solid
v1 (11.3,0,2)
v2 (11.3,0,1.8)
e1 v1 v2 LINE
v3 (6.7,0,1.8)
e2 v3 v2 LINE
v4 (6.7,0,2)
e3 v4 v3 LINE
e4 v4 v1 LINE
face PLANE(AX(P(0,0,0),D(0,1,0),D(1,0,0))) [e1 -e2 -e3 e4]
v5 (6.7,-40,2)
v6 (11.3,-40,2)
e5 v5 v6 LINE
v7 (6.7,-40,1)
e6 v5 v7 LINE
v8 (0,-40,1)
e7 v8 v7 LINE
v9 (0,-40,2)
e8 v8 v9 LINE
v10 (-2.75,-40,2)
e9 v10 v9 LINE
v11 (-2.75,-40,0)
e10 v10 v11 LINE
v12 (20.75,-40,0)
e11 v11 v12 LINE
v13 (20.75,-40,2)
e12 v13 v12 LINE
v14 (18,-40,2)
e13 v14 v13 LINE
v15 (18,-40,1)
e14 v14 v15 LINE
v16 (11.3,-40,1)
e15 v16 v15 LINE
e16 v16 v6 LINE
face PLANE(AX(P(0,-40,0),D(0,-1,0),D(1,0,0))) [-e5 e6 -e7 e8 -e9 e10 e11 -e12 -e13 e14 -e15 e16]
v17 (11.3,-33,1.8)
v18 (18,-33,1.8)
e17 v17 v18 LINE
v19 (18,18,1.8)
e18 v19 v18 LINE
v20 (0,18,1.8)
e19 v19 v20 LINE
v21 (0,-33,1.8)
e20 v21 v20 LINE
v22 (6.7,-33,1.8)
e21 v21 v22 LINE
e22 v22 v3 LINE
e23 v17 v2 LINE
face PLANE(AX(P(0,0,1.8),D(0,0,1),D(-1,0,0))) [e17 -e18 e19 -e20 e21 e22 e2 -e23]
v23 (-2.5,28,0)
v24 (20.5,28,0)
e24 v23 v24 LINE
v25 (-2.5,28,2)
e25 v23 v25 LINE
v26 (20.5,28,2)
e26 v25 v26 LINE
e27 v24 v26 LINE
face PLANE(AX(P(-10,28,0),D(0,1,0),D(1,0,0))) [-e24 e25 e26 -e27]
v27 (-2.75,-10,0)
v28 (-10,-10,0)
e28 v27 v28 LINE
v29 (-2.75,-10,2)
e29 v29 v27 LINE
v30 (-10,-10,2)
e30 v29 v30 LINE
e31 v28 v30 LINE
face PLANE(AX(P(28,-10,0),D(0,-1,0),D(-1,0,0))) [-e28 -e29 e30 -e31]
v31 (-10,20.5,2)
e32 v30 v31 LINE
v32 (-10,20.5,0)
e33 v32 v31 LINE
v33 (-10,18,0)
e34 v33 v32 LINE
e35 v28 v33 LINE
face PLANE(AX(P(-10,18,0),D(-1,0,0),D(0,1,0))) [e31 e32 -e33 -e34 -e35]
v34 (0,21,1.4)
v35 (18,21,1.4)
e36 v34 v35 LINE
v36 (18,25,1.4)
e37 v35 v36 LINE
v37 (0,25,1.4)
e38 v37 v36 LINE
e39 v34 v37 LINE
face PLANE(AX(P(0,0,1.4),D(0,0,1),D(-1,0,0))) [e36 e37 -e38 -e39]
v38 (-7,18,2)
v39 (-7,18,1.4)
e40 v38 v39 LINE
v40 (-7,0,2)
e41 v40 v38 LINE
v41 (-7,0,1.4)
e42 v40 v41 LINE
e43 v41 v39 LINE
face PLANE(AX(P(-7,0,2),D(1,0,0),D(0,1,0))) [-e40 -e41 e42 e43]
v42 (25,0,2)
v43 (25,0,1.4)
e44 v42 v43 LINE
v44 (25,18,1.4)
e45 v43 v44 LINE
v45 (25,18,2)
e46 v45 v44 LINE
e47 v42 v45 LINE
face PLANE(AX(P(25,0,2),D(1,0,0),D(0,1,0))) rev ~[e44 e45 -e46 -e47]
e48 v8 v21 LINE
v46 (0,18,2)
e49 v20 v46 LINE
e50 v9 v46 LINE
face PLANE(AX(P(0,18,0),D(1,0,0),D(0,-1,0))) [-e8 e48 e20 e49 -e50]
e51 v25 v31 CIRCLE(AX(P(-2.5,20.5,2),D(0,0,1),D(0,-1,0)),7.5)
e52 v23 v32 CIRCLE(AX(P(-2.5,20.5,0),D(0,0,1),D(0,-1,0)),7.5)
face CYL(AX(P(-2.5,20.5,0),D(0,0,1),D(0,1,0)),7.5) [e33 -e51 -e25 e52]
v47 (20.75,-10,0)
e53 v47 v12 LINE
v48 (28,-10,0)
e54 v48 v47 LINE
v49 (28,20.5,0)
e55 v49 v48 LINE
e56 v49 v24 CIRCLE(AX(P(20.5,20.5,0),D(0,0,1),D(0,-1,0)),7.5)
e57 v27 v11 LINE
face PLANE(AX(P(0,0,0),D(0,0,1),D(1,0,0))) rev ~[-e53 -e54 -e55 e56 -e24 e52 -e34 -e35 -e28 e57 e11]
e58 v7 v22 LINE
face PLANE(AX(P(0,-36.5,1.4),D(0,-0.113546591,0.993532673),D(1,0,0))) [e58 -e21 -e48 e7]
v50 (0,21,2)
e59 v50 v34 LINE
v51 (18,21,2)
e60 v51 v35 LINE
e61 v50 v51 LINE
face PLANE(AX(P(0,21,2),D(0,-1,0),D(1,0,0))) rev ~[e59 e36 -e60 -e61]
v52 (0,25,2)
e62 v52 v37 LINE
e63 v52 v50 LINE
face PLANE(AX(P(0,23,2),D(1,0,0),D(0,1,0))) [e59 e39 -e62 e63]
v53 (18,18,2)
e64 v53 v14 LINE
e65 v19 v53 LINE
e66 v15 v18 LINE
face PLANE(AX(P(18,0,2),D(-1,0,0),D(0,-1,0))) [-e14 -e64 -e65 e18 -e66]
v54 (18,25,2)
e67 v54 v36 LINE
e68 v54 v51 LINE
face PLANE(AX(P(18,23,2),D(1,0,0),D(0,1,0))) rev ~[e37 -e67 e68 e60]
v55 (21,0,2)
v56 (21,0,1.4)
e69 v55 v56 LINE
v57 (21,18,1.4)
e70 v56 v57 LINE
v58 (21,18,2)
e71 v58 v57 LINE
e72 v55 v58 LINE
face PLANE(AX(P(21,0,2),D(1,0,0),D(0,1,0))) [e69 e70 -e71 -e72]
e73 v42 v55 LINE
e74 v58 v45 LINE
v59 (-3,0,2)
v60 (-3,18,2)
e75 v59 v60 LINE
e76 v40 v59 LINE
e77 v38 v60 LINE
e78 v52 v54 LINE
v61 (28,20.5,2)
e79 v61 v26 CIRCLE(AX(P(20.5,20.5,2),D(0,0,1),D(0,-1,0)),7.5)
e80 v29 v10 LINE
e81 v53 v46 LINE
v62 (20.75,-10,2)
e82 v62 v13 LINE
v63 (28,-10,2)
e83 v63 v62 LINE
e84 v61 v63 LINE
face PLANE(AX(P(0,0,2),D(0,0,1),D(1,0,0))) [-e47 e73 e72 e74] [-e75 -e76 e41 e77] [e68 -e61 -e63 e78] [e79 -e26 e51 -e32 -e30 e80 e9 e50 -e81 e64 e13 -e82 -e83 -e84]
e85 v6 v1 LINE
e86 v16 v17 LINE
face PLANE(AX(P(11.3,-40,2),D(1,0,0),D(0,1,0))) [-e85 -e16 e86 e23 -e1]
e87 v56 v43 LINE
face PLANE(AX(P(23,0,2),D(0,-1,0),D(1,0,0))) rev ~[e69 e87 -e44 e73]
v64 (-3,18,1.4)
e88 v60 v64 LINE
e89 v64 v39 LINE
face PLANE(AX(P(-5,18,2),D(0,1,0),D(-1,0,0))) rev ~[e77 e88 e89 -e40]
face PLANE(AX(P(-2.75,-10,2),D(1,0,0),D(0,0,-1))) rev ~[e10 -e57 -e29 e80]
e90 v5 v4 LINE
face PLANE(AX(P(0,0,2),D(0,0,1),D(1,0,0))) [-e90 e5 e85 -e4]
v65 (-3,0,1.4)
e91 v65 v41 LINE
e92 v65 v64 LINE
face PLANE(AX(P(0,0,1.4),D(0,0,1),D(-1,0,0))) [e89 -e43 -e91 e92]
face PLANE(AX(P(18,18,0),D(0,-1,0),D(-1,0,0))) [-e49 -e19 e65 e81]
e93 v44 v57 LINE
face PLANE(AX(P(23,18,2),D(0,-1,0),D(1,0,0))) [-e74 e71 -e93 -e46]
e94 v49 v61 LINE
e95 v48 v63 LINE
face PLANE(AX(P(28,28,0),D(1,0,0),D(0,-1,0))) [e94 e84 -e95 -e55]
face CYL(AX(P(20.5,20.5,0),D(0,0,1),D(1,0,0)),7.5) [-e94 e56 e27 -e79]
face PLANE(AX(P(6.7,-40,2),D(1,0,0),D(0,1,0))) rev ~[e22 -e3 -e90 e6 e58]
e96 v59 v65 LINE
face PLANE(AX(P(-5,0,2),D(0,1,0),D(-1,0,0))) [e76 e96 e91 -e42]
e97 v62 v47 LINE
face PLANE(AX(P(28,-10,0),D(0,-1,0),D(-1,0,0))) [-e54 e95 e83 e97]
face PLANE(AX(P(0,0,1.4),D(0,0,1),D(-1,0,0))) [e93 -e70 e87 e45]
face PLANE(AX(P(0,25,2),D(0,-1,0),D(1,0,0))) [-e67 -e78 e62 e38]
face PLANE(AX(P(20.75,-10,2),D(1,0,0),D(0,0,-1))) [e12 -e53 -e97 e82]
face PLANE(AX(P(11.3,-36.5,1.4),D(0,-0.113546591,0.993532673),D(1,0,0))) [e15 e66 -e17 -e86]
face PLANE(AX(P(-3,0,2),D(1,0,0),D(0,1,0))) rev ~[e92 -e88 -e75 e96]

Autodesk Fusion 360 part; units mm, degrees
sketch "Sketch1" plane through (0, 0, 0) normal (0, 0, 1) x (1, 0, 0)
  line L0 (0, 0) -> (18, 0)
  line L1 (18, 0) -> (18, 18)
  line L2 (18, 18) -> (0, 18)
  line L3 (0, 18) -> (0, 0)
  line L4 (0, 18) -> (-10, 18)
  line L5 (-10, 18) -> (-10, 28)
  line L6 (-10, 28) -> (28, 28)
  line L7 (28, 28) -> (28, -10)
  line L8 (28, -10) -> (-10, -10)
  line L9 (-10, -10) -> (-10, 28)
  dimension "d1" = 18
  dimension "d2" = 18
  dimension "d3" = 10
  dimension "d4" = 10
  dimension "d5" = 10
  dimension "d6" = 10
extrude "Extrude1" add sketch "Sketch1" along normal blind 2
extrude "Extrude2" add sketch "Sketch1" along normal blind 1.8 contours L0 L1 L2 L3
sketch "Sketch2" plane through (0, -10, 0) normal (0, -1, 0) x (1, 0, 0)
  line L0 (-10, 0) -> (28, 0)
  line L1 (28, 0) -> (28, 2)
  line L2 (28, 2) -> (-10, 2)
  line L3 (-10, 2) -> (-10, 0)
  line L4 (9, 2) -> (-2.75, 2)
  line L5 (9, 2) -> (20.75, 2)
  line L6 (-2.75, 2) -> (-2.75, 0)
  line L7 (20.75, 2) -> (20.75, 0)
  dimension "d11" = 11.75
  dimension "d12" = 11.75
extrude "Extrude3" add sketch "Sketch2" along normal blind 30 contours L0 L2 L4 L5 L6 L7
sketch "Sketch3" plane through (0, 0, 2) normal (0, 0, 1) x (-1, 0, 0)
  line L0 (0, 0) -> (0, -18)
  line L1 (0, -18) -> (-18, -18)
  line L2 (-18, -18) -> (-18, 0)
  line L3 (-18, 0) -> (0, 0)
  line L4 (10, 10) -> (2.75, 10)
  line L5 (2.75, 10) -> (2.75, 40)
  line L6 (2.75, 40) -> (-20.75, 40)
  line L7 (-20.75, 40) -> (-20.75, 10)
  line L8 (-20.75, 10) -> (-28, 10)
  line L9 (-28, 10) -> (-28, -28)
  line L10 (-28, -28) -> (10, -28)
  line L11 (10, -28) -> (10, 10)
  line L12 (-9, 40) -> (-9, 0)
  line L13 (-31.221, 25) -> (-24.871, 25)
  line L14 (-9, 40) -> (-20.75, 40)
  line L15 (-9, 40) -> (2.75, 40)
  line L16 (0, 0) -> (0, 40)
  line L17 (0, 40) -> (-6.7, 40)
  line L18 (-6.7, 40) -> (-6.7, 0)
  line L19 (-18, 0) -> (-18, 40)
  line L20 (-11.3, 40) -> (-11.3, 0)
  line L21 (-18, 40) -> (-11.3, 40)
  dimension "d15" = 6.35
  dimension "d18" = 6.7
extrude "Extrude4" cut sketch "Sketch3" against normal blind 0.2 contours L3 L6 L15 L16 L17 L18 | L3 L6 L14 L19 L20 L21
chamfer "Chamfer1" distance 0.8 distance2 7 2 edges at (14.65, -40, 1.8) (3.35, -40, 1.8) measured on face at (8.2333, -40, 0.6) measured on face at (8.2333, -40, 0.6)
fillet "Fillet1" radius 7.5 2 edges at (-10, 28, 1) (28, 28, 1)
sketch "Sketch4" plane through (0, 0, 2) normal (0, 0, 1) x (-1, 0, 0)
  arc A0 (-28, -20.5) -> (-20.5, -28) centre (-20.5, -20.5) ccw
  line L0 (-20.5, -28) -> (2.5, -28)
  arc A1 (2.5, -28) -> (10, -20.5) centre (2.5, -20.5) ccw
  line L1 (10, -20.5) -> (10, 10)
  line L2 (10, 10) -> (2.75, 10)
  line L3 (2.75, 10) -> (2.75, 40)
  line L4 (2.75, 40) -> (0, 40)
  line L5 (0, 40) -> (0, -18)
  line L6 (0, -18) -> (-18, -18)
  line L7 (-18, -18) -> (-18, 40)
  line L8 (-18, 40) -> (-20.75, 40)
  line L9 (-20.75, 40) -> (-20.75, 10)
  line L10 (-20.75, 10) -> (-28, 10)
  line L11 (-28, 10) -> (-28, -20.5)
  line L12 (0, -18) -> (10, -18)
  line L13 (5, -18) -> (5, 0)
  line L14 (5, 0) -> (3, 0)
  line L15 (3, 0) -> (3, -18)
  line L16 (5, 0) -> (7, 0)
  line L17 (7, 0) -> (7, -18)
  line L18 (-9, -18) -> (-9, -9)
  line L19 (-25, 0) -> (-25, -18)
  line L20 (-23, -18) -> (-23, 0)
  line L21 (-21, 0) -> (-21, -18)
  line L22 (-18, -18) -> (-28, -18)
  line L23 (-23, 0) -> (-21, 0)
  line L24 (-23, 0) -> (-25, 0)
  line L25 (-18, -18) -> (0, 0)
  line L26 (0, -21) -> (-18, -21)
  line L27 (-18, -23) -> (0, -23)
  line L28 (0, -25) -> (-18, -25)
  line L29 (-18, -18) -> (-18, -28)
  line L30 (0, -23) -> (0, -21)
  line L31 (0, -23) -> (0, -25)
  dimension "d25" = 2
  dimension "d26" = 2
extrude "Extrude5" cut sketch "Sketch4" against normal blind 0.6 contours L19 L20 L22 L24 | L27 L28 L29 L31 | L20 L21 L22 L23 | L26 L27 L29 L30 | L12 L13 L16 L17 | L12 L13 L14 L15
